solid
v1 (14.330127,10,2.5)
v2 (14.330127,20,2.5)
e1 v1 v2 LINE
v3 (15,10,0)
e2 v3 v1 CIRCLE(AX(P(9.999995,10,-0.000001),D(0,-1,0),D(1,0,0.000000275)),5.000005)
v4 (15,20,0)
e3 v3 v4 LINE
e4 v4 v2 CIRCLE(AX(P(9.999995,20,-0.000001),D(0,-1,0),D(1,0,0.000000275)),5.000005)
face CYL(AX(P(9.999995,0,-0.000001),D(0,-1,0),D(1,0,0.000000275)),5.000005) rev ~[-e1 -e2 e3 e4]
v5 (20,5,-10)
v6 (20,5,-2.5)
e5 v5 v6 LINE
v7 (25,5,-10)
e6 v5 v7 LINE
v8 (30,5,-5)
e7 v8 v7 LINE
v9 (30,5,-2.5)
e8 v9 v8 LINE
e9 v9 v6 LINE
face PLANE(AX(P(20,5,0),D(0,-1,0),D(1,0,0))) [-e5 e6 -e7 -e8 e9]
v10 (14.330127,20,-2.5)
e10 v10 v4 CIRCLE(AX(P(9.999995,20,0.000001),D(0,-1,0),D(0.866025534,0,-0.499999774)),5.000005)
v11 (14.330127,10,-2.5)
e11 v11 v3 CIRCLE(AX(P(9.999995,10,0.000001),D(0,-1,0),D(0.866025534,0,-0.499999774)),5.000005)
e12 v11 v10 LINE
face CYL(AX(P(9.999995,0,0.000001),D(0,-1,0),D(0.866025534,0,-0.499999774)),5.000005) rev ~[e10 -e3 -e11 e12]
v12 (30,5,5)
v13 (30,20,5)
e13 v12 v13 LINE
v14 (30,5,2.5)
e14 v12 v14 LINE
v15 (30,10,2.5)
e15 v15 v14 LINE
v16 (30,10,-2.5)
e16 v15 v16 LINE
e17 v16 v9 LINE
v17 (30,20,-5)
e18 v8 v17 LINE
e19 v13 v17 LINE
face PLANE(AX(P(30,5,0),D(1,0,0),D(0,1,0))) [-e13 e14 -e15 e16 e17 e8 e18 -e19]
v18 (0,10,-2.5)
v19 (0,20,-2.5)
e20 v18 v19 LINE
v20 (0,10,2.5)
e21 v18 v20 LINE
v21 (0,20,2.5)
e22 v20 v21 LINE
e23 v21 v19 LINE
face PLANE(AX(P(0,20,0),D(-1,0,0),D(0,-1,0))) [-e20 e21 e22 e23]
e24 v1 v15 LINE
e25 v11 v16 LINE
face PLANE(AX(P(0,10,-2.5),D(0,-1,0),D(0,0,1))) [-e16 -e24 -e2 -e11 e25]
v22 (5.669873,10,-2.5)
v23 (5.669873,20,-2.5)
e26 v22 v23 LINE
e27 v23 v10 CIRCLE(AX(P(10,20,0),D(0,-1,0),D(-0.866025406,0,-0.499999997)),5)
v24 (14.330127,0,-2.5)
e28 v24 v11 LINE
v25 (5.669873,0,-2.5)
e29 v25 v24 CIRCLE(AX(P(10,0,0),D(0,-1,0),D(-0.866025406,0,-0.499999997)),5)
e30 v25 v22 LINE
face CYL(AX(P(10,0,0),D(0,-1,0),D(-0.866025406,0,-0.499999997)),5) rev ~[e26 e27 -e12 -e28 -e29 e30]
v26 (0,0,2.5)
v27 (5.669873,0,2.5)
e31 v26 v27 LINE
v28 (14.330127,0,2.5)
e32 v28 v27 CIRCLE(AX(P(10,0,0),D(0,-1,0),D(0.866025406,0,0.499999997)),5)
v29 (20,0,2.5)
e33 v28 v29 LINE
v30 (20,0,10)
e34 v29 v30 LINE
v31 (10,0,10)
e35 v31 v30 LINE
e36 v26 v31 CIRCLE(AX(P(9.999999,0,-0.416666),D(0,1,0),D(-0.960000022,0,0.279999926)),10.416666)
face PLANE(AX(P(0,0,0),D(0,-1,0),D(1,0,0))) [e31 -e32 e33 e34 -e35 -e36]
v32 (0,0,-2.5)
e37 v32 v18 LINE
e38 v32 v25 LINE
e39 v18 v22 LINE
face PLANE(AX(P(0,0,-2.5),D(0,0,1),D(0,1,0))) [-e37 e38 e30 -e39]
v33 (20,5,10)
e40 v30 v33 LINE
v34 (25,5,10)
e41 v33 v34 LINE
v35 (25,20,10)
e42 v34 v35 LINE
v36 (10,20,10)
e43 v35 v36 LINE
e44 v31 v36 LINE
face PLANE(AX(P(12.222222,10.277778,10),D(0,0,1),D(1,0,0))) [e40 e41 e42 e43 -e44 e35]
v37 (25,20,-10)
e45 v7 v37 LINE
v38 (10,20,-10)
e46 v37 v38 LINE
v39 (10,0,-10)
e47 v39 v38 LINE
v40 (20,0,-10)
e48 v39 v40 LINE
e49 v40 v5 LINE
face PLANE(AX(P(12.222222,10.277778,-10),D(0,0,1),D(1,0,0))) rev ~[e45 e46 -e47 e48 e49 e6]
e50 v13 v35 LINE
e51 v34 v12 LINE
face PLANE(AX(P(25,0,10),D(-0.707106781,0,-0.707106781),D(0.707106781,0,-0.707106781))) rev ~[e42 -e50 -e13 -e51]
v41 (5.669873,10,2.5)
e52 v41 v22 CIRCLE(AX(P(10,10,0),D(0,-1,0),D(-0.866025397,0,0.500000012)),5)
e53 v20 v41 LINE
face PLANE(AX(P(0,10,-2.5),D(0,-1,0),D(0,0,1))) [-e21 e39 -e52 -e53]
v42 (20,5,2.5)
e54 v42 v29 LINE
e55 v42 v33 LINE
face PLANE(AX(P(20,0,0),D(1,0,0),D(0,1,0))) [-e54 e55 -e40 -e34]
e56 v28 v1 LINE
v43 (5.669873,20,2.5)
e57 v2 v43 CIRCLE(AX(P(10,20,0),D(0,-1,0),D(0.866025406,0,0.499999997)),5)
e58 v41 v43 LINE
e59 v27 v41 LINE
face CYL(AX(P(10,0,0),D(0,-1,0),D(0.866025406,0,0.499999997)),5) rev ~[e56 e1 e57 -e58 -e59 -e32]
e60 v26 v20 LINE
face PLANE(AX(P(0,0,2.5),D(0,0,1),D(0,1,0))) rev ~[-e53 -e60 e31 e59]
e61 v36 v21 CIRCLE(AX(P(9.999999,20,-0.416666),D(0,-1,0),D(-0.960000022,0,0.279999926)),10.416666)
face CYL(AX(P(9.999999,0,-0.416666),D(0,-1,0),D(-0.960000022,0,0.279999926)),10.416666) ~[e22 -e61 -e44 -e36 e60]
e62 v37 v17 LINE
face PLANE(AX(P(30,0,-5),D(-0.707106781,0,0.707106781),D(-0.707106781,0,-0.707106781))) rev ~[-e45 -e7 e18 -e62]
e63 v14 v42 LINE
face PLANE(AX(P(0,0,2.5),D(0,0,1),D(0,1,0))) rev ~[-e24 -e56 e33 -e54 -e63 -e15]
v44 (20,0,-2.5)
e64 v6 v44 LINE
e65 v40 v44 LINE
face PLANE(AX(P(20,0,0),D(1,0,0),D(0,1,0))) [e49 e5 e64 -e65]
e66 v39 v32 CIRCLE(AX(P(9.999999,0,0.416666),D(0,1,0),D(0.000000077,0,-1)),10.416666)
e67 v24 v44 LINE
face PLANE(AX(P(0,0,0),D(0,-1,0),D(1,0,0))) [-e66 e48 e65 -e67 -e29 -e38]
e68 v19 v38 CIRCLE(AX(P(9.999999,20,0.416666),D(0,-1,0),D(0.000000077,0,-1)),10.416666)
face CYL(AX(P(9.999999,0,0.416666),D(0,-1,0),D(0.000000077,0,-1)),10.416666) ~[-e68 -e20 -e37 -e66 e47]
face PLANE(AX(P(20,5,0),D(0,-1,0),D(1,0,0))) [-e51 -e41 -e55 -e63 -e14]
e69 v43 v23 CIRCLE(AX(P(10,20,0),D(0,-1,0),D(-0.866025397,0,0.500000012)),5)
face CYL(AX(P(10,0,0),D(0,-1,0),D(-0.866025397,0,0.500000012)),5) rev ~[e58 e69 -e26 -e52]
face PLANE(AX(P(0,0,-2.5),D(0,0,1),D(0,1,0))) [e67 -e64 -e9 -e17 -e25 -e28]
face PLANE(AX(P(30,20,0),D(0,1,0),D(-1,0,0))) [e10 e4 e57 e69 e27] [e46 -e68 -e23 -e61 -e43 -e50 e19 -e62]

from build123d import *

# Parameters (mm, degrees)
F0_W     = 5
F0_H     = 15
F1_DEPTH = 10
F3_DEPTH = 20.001
F4_W     = 10
F4_H     = 5
F5_DEPTH = 30.001


with BuildPart() as f1:
    # F0 (on Top) → F1 (new body, symmetric)
    with BuildSketch(Plane.XY):
        Polygon((0, 20), (0, 0), (20, 0), (20, 5), (25, 5), (25, 20), align=None)
        with Locations((27.5, 12.5)):
            Rectangle(F0_W, F0_H)
    extrude(amount=F1_DEPTH, both=True)

    # F2 (on Front) → F3 (cut, through all)
    with BuildSketch(Plane.XZ):
        with BuildLine():
            Line((0, 10), (0, 2.5))
            ThreePointArc((0, 2.5), (3.75, 7.916667), (10, 10))
            Line((10, 10), (0, 10))
        make_face()
        with BuildLine():
            ThreePointArc((10, -10), (3.75, -7.916667), (0, -2.5))
            Line((0, -2.5), (0, -10))
            Line((0, -10), (10, -10))
        make_face()
        Polygon((25, 10), (30, 5), (30, 10), align=None)
        Polygon((30, -10), (30, -5), (25, -10), align=None)
        with BuildLine():
            ThreePointArc((14.330127, -2.5), (14.829629, -1.294095), (15, 0))
            ThreePointArc((15, 0), (14.829629, 1.294095), (14.330127, 2.5))
            ThreePointArc((14.330127, 2.5), (10, 5), (5.669873, 2.5))
            ThreePointArc((5.669873, 2.5), (5, 0), (5.669873, -2.5))
            ThreePointArc((5.669873, -2.5), (10, -5), (14.330127, -2.5))
        make_face()
    extrude(amount=-F3_DEPTH, mode=Mode.SUBTRACT)

    # F4 (on Right) → F5 (cut, through all)
    with BuildSketch(Plane.YZ):
        with Locations((5, 0)):
            Rectangle(F4_W, F4_H)
    extrude(amount=F5_DEPTH, mode=Mode.SUBTRACT)


solid = f1.part
